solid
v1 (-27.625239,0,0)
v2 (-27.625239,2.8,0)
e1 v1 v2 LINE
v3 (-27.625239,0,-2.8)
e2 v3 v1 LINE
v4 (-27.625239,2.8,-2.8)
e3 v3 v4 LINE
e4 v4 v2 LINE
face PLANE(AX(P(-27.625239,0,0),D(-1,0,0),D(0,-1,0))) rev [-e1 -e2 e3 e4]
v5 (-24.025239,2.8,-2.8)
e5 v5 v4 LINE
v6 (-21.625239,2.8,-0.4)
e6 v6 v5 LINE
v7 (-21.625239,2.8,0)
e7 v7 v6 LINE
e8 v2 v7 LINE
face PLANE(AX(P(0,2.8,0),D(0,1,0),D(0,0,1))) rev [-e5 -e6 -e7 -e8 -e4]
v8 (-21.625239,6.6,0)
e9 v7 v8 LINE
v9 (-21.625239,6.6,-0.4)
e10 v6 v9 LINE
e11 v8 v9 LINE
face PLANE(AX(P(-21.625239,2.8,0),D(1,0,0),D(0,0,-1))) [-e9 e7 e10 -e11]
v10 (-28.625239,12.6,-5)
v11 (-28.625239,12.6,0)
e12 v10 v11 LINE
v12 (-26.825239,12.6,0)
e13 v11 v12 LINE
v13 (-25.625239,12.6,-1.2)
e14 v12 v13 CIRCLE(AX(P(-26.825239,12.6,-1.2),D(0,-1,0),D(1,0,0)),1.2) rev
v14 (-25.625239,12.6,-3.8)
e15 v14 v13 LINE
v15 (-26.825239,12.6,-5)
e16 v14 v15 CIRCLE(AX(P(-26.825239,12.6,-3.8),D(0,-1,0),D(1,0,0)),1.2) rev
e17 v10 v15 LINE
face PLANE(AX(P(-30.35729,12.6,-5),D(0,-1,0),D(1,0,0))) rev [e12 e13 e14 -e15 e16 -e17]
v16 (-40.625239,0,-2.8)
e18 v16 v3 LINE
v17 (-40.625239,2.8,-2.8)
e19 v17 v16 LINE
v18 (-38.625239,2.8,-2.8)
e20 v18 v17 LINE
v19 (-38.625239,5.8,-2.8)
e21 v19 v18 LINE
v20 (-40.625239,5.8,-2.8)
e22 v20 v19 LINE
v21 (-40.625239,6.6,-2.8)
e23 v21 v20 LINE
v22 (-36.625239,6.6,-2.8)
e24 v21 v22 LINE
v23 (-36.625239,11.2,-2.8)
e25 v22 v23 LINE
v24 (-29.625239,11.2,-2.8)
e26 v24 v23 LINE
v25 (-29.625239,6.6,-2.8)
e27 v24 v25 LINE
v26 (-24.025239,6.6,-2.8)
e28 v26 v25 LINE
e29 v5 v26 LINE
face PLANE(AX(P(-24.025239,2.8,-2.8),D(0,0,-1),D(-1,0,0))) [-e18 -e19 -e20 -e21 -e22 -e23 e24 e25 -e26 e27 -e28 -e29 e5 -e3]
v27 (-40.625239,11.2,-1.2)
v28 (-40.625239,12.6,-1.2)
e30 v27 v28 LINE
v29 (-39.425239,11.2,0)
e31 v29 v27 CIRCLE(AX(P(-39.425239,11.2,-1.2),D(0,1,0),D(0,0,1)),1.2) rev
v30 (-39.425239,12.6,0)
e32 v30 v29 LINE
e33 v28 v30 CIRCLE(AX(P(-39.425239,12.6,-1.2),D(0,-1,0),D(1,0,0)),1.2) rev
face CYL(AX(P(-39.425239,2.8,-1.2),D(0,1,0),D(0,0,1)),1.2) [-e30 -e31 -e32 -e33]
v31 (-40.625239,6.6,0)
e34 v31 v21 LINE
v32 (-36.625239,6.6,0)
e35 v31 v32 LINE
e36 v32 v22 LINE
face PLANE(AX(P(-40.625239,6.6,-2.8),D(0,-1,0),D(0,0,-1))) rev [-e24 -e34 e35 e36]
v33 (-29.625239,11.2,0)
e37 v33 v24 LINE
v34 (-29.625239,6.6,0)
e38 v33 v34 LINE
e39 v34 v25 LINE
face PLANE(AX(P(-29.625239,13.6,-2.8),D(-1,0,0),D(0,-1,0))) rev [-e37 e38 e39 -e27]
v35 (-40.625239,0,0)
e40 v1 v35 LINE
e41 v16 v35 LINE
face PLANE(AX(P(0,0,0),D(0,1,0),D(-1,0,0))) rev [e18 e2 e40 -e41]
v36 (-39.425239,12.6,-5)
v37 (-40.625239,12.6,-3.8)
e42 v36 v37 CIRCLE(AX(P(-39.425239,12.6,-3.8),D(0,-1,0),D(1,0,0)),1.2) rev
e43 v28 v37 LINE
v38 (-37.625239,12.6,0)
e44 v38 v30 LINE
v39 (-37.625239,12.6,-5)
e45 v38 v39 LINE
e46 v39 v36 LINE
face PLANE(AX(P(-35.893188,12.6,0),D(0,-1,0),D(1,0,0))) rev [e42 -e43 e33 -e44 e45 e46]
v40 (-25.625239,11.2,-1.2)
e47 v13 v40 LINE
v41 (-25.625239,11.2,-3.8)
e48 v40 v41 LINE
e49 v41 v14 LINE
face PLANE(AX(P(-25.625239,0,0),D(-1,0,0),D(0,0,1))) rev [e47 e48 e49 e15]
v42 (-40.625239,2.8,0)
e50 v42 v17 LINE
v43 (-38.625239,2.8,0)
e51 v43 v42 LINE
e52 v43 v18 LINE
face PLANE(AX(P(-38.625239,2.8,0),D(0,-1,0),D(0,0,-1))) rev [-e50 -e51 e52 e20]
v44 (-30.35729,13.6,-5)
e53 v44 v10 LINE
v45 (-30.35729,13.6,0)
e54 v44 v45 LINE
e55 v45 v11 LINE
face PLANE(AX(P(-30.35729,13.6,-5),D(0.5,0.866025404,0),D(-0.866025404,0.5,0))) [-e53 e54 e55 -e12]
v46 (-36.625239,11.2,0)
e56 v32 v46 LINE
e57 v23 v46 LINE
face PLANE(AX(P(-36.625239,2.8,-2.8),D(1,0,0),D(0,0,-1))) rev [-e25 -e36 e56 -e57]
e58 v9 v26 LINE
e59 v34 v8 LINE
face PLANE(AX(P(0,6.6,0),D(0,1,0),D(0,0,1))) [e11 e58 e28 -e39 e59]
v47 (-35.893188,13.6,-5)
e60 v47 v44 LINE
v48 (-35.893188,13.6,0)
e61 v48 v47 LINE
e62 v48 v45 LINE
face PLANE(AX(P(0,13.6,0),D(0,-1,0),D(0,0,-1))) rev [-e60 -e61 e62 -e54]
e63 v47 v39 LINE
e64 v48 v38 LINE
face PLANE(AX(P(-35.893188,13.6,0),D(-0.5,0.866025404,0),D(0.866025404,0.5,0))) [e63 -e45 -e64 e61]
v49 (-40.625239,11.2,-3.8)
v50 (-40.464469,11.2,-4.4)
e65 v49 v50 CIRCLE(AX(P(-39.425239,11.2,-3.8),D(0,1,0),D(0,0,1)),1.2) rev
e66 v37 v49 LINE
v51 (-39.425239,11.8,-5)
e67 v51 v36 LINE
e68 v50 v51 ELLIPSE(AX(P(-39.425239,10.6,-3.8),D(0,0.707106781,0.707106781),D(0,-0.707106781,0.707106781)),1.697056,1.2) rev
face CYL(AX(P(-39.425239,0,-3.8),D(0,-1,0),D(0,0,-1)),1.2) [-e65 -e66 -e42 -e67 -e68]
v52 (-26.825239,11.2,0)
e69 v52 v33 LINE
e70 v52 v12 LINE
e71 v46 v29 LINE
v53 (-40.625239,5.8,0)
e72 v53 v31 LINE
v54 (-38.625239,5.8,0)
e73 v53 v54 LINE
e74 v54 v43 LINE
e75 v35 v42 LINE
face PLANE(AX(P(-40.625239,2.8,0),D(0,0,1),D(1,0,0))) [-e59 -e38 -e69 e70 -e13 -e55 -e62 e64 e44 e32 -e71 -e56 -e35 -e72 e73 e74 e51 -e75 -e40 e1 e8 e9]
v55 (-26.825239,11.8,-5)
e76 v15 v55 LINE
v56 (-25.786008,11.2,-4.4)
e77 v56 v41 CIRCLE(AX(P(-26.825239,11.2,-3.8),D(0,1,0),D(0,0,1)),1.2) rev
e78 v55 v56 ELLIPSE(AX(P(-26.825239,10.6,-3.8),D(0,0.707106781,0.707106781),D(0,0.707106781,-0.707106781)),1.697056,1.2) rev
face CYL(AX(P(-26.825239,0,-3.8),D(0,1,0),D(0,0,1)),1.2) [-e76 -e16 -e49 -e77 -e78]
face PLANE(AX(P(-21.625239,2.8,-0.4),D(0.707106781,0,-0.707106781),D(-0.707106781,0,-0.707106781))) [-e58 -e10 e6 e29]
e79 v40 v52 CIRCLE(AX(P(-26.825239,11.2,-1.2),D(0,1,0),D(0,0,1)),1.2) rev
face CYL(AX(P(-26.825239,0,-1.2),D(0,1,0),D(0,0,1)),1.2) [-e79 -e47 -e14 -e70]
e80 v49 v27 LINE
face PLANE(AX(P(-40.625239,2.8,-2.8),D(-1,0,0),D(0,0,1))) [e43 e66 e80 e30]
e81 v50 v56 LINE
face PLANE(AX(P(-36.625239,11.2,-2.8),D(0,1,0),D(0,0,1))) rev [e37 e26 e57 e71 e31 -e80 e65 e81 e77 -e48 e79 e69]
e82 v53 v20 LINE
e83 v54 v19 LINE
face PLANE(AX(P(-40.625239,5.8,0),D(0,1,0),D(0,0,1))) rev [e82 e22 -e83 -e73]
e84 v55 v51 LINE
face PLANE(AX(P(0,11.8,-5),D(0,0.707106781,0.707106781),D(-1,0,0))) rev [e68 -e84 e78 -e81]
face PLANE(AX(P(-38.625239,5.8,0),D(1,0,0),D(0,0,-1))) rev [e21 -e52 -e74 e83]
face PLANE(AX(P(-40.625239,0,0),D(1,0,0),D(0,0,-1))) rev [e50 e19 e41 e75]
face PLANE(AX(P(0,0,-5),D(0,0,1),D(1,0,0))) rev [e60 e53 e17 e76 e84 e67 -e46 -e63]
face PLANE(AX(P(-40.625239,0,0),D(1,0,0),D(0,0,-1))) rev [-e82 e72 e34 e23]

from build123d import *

# Parameters (mm, degrees)
BOSS_EXTRUDE1_DEPTH = 3.8
SKETCH2_W           = 11
SKETCH2_H           = 2.8
BOSS_EXTRUDE2_DEPTH = 7
SKETCH3_W           = 4
SKETCH3_H           = 8.4
CUT_EXTRUDE1_DEPTH  = 43.932622105
SKETCH4_W           = 11
SKETCH4_H           = 2.4
BOSS_EXTRUDE3_DEPTH = 2.2
SKETCH5_W           = 5
SKETCH5_H           = 2.4
BOSS_EXTRUDE4_DEPTH = 4
SKETCH6_W           = 9
SKETCH6_H           = 2.8
BOSS_EXTRUDE5_DEPTH = 2.8
SKETCH7_W           = 2.8
SKETCH7_H           = 6.6
BOSS_EXTRUDE6_DEPTH = 4
SKETCH8_W           = 4.732050808
SKETCH8_H           = 1
CUT_EXTRUDE2_DEPTH  = 44.13200715
SKETCH9_W           = 4.732050807
SKETCH9_H           = 1
CUT_EXTRUDE3_DEPTH  = 44.13200715
SKETCH10_W          = 2
SKETCH10_H          = 3
CUT_EXTRUDE4_DEPTH  = 43.932622105
DRAFT1_ANGLE        = 60
CHAMFER1_SIZE       = 0.6
FILLET1_R           = 1.2


with BuildPart() as part:
    # Sketch1 → Boss-Extrude1 (new body)
    with BuildSketch(Plane(origin=(0, 6.6, 0), x_dir=(1, 0, 0), z_dir=(0, 1, 0))):
        Polygon((-21.625238963, 0.4), (-24.025238963, 2.8), (-40.625238963, 2.8), (-40.625238963, 0), (-21.625238963, 0), align=None)
    extrude(amount=-BOSS_EXTRUDE1_DEPTH)

    # Sketch2 → Boss-Extrude2 (add)
    with BuildSketch(Plane(origin=(0, 6.6, 0), x_dir=(-1, 0, 0), z_dir=(0, 1, 0))):
        with Locations((35.125238963, -1.4)):
            Rectangle(SKETCH2_W, SKETCH2_H)
    extrude(amount=BOSS_EXTRUDE2_DEPTH)

    # Sketch3 → Cut-Extrude1 (cut, through all)
    with BuildSketch(Plane.XY):
        with Locations((-38.625238963, 7)):
            Rectangle(SKETCH3_W, SKETCH3_H)
    extrude(amount=-CUT_EXTRUDE1_DEPTH, mode=Mode.SUBTRACT)

    # Sketch4 → Boss-Extrude3 (add)
    with BuildSketch(Plane(origin=(0, 0, -2.8), x_dir=(-1, 0, 0), z_dir=(0, 0, -1))):
        with Locations((35.125238963, 12.4)):
            Rectangle(SKETCH4_W, SKETCH4_H)
    extrude(amount=BOSS_EXTRUDE3_DEPTH)

    # Sketch5 → Boss-Extrude4 (add)
    with BuildSketch(Plane(origin=(-29.625238963, 0, 0), x_dir=(0, 0, -1), z_dir=(1, 0, 0))):
        with Locations((2.5, 12.4)):
            Rectangle(SKETCH5_W, SKETCH5_H)
    extrude(amount=BOSS_EXTRUDE4_DEPTH)

    # Sketch6 → Boss-Extrude5 (add)
    with BuildSketch(Plane.XZ.offset(-2.8)):
        with Locations((-32.125238963, -1.4)):
            Rectangle(SKETCH6_W, SKETCH6_H)
    extrude(amount=BOSS_EXTRUDE5_DEPTH)

    # Sketch7 → Boss-Extrude6 (add)
    with BuildSketch(Plane.ZY.offset(36.625238963)):
        with Locations((-1.4, 3.3)):
            Rectangle(SKETCH7_W, SKETCH7_H)
    extrude(amount=BOSS_EXTRUDE6_DEPTH)

    # Sketch8 → Cut-Extrude2 (cut, through all)
    with BuildSketch(Plane(origin=(0, 0, -5), x_dir=(-1, 0, 0), z_dir=(0, 0, -1))):
        with Locations((38.259213559, 13.1)):
            Rectangle(SKETCH8_W, SKETCH8_H)
    extrude(amount=-CUT_EXTRUDE2_DEPTH, mode=Mode.SUBTRACT)

    # Sketch9 → Cut-Extrude3 (cut, through all)
    with BuildSketch(Plane.XY):
        with Locations((-27.991264367, 13.1)):
            Rectangle(SKETCH9_W, SKETCH9_H)
    extrude(amount=-CUT_EXTRUDE3_DEPTH, mode=Mode.SUBTRACT)

    # Sketch10 → Cut-Extrude4 (cut, through all)
    with BuildSketch(Plane(origin=(0, 0, -2.8), x_dir=(-1, 0, 0), z_dir=(0, 0, -1))):
        with Locations((39.625238963, 4.3)):
            Rectangle(SKETCH10_W, SKETCH10_H)
    extrude(amount=-CUT_EXTRUDE4_DEPTH, mode=Mode.SUBTRACT)

    # Draft1
    draft1_faces = [part.faces().sort_by_distance(p)[0] for p in [
        (-30.35728977, 13.1, -2.5),
        (-35.893188155, 13.1, -2.5),
    ]]
    draft(draft1_faces, Plane.ZX.offset(13.6), DRAFT1_ANGLE)

    # Chamfer1
    chamfer1_edges = [part.edges().sort_by_distance(p)[0] for p in [
        (-33.125238963, 11.2, -5),
    ]]
    chamfer(chamfer1_edges, length=CHAMFER1_SIZE)

    # Fillet1
    fillet1_edges = [part.edges().sort_by_distance(p)[0] for p in [
        (-25.625238963, 12.2, -5),
        (-25.625238963, 11.9, 0),
        (-40.625238963, 12.2, -5),
        (-40.625238963, 11.9, 0),
    ]]
    fillet(fillet1_edges, radius=FILLET1_R)


solid = part.part
